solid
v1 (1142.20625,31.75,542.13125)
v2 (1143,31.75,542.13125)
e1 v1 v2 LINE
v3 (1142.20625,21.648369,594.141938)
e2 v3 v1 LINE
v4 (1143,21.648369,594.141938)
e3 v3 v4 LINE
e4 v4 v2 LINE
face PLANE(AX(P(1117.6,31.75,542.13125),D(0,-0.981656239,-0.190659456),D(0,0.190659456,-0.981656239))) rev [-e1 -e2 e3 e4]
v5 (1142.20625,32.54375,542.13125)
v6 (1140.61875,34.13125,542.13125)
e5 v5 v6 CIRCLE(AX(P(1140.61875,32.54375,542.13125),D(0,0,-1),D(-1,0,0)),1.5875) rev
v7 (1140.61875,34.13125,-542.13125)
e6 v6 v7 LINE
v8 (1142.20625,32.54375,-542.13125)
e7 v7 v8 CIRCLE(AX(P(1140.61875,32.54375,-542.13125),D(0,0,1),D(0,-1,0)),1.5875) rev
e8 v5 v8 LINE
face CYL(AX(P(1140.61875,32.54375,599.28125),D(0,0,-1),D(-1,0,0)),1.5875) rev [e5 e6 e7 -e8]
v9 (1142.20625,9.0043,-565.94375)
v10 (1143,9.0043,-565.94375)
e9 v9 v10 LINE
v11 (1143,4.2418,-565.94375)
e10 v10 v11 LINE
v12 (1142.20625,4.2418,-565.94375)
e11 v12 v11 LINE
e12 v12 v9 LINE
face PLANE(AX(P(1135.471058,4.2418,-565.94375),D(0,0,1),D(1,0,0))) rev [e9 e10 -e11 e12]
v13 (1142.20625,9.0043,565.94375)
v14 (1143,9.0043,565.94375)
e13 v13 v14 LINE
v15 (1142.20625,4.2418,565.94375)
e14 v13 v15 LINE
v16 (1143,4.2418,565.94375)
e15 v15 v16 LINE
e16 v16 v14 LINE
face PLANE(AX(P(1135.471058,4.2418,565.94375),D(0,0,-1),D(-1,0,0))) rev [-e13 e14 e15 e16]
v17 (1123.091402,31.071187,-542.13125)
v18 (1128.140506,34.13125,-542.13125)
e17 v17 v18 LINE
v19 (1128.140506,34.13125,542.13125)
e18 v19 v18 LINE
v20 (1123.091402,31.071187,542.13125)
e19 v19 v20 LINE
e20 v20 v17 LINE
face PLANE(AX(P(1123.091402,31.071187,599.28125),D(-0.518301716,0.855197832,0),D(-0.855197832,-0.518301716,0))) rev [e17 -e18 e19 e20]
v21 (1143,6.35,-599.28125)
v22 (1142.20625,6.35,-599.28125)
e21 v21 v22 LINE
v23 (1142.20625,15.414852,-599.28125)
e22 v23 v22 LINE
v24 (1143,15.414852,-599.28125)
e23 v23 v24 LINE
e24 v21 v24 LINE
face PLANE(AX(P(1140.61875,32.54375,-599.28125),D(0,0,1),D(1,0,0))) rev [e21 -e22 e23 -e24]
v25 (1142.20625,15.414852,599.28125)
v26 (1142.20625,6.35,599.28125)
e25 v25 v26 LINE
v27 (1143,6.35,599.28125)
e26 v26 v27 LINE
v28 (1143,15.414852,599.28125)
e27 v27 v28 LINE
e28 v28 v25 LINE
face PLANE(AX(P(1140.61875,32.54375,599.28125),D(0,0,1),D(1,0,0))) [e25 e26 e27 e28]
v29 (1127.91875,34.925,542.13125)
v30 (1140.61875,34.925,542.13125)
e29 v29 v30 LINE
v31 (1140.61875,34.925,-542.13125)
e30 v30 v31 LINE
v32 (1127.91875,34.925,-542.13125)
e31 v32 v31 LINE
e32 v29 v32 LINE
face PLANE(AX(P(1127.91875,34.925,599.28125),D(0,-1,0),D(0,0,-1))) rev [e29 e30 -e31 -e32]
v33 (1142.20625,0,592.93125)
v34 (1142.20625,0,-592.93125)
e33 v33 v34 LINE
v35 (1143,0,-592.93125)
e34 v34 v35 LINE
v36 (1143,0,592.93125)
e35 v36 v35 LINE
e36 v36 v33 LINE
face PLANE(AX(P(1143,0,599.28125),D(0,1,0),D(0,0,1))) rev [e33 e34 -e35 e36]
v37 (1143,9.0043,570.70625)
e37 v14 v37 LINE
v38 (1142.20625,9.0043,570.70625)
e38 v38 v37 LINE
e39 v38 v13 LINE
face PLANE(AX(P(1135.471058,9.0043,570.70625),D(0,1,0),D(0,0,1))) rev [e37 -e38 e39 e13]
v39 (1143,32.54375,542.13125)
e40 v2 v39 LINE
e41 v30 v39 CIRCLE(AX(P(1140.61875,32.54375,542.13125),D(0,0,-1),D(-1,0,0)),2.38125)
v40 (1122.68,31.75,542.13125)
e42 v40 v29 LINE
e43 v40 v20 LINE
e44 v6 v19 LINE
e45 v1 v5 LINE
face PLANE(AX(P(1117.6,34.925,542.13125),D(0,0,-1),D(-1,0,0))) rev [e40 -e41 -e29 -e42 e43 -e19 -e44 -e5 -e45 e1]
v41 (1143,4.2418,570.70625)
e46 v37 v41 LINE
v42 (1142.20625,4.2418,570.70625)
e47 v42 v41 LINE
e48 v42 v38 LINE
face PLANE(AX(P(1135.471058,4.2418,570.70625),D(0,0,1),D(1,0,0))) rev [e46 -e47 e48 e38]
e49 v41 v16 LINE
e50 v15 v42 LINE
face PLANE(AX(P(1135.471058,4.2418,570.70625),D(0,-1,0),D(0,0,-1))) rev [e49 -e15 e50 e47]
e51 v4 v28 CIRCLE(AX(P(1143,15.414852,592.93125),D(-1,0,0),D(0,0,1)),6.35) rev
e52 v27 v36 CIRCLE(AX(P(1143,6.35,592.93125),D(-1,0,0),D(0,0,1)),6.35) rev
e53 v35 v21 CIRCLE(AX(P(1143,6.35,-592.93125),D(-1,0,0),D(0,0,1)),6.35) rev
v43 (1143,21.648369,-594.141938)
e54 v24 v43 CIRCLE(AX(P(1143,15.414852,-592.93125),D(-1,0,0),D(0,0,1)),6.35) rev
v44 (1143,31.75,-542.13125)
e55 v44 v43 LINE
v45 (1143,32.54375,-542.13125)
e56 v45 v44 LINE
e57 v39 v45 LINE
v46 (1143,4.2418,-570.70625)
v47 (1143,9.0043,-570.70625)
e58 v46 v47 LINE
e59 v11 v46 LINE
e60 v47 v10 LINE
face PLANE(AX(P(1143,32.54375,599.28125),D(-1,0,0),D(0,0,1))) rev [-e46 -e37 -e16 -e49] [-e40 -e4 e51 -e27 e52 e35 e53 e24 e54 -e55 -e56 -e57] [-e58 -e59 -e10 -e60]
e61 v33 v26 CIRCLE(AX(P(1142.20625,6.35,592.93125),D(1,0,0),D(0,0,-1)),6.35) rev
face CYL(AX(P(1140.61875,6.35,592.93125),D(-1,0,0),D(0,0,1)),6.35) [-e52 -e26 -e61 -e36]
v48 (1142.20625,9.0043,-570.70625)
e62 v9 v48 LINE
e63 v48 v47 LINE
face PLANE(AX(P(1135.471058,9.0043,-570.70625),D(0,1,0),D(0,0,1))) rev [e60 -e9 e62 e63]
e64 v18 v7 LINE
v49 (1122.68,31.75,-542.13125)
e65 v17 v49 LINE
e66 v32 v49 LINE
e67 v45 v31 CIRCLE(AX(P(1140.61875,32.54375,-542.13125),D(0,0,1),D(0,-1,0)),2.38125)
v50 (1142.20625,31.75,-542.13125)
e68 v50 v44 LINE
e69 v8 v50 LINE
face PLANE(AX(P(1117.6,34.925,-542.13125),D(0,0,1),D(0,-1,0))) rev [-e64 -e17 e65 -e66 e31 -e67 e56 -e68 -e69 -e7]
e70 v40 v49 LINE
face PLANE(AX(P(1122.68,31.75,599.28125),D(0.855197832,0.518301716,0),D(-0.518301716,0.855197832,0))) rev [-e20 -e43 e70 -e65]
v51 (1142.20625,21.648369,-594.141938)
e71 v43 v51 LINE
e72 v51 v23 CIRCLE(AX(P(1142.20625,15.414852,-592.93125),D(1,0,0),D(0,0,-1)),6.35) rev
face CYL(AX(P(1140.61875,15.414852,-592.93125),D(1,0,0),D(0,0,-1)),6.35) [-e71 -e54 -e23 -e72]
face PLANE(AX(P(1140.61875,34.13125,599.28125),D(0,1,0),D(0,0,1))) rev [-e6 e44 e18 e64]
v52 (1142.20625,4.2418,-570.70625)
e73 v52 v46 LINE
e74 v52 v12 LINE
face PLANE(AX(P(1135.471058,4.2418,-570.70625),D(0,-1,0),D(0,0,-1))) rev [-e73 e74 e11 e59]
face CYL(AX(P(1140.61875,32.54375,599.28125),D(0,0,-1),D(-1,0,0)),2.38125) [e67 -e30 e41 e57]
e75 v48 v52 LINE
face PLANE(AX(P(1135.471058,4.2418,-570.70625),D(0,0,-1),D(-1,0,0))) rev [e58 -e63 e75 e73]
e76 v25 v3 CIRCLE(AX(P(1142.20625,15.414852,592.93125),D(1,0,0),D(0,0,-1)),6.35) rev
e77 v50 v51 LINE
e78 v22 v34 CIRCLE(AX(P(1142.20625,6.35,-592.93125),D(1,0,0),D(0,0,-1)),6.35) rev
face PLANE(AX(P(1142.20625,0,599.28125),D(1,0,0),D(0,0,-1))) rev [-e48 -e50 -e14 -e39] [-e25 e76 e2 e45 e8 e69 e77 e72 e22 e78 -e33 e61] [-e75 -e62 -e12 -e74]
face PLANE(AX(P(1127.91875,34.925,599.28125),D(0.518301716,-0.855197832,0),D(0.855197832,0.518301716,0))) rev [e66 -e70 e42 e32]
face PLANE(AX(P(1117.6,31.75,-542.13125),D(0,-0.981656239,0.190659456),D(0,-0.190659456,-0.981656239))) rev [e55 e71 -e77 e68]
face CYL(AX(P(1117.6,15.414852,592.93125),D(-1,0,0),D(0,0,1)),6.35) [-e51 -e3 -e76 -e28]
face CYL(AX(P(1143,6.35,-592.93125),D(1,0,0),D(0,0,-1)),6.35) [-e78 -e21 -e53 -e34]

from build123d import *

# Parameters (mm, degrees)
EXTRUDE1_DEPTH     = 599.28125
CUT_EXTRUDE1_DEPTH = 25.4
CUT_EXTRUDE2_DEPTH = 25.4
CUT_EXTRUDE3_DEPTH = 25.4
SKETCH5_W          = 4.7625
SKETCH5_H          = 4.7625
CUT_EXTRUDE4_DEPTH = 0.79375
FILLET1_R          = 6.35


with BuildPart() as part:
    # Sketch1 → Extrude1 (new body, symmetric)
    with BuildSketch(Plane.XY):
        with BuildLine():
            Line((1143, 0), (1142.20625, 0))
            Line((1142.20625, 0), (1142.20625, 32.54375))
            ThreePointArc((1142.20625, 32.54375), (1141.741282015, 33.666282015), (1140.61875, 34.13125))
            Line((1140.61875, 34.13125), (1128.140506397, 34.13125))
            Line((1128.140506397, 34.13125), (1123.091401986, 31.071186722))
            Line((1123.091401986, 31.071186722), (1122.68, 31.75))
            Line((1122.68, 31.75), (1127.91875, 34.925))
            Line((1127.91875, 34.925), (1140.61875, 34.925))
            ThreePointArc((1140.61875, 34.925), (1142.302548023, 34.227548023), (1143, 32.54375))
            Line((1143, 32.54375), (1143, 0))
        make_face()
    extrude(amount=EXTRUDE1_DEPTH, both=True)

    # Sketch2 → Cut-Extrude1 (cut)
    with BuildSketch(Plane(origin=(1143, 0, 0), x_dir=(0, 0, -1), z_dir=(1, 0, 0))):
        Polygon((599.28125, 34.925), (542.13125, 34.925), (542.13125, 31.75), (599.28125, 20.6502), align=None)
        Polygon((-599.28125, 34.925), (-542.13125, 34.925), (-542.13125, 31.75), (-599.28125, 20.6502), align=None)
    extrude(amount=-CUT_EXTRUDE1_DEPTH, mode=Mode.SUBTRACT)

    # Sketch3 → Cut-Extrude2 (cut)
    with BuildSketch(Plane(origin=(0, 0, -542.13125), x_dir=(-1, 0, 0), z_dir=(0, 0, -1))):
        Polygon((-1127.91875, 34.925), (-1122.68, 31.75), (-1123.420434334, 30.528283348), (-1128.140506397, 34.13125), align=None)
    extrude(amount=CUT_EXTRUDE2_DEPTH, mode=Mode.SUBTRACT)

    # Sketch4 → Cut-Extrude3 (cut)
    with BuildSketch(Plane.XY.offset(542.13125)):
        Polygon((1127.91875, 34.925), (1122.68, 31.75), (1124.000635951, 29.570950682), (1128.140506397, 34.13125), align=None)
    extrude(amount=CUT_EXTRUDE3_DEPTH, mode=Mode.SUBTRACT)

    # Sketch5 → Cut-Extrude4 (cut)
    with BuildSketch(Plane(origin=(1143, 0, 0), x_dir=(0, 0, -1), z_dir=(1, 0, 0))):
        with Locations((568.325, 6.62305)):
            Rectangle(SKETCH5_W, SKETCH5_H)
        with Locations((-568.325, 6.62305)):
            Rectangle(SKETCH5_W, SKETCH5_H)
    extrude(amount=-CUT_EXTRUDE4_DEPTH, mode=Mode.SUBTRACT)

    # Fillet1
    fillet1_edges = [part.edges().sort_by_distance(p)[0] for p in [
        (1142.603125, 20.6502, -599.28125),
        (1142.603125, 0, 599.28125),
        (1142.603125, 20.6502, 599.28125),
        (1142.603125, 0, -599.28125),
    ]]
    fillet(fillet1_edges, radius=FILLET1_R)


solid = part.part
